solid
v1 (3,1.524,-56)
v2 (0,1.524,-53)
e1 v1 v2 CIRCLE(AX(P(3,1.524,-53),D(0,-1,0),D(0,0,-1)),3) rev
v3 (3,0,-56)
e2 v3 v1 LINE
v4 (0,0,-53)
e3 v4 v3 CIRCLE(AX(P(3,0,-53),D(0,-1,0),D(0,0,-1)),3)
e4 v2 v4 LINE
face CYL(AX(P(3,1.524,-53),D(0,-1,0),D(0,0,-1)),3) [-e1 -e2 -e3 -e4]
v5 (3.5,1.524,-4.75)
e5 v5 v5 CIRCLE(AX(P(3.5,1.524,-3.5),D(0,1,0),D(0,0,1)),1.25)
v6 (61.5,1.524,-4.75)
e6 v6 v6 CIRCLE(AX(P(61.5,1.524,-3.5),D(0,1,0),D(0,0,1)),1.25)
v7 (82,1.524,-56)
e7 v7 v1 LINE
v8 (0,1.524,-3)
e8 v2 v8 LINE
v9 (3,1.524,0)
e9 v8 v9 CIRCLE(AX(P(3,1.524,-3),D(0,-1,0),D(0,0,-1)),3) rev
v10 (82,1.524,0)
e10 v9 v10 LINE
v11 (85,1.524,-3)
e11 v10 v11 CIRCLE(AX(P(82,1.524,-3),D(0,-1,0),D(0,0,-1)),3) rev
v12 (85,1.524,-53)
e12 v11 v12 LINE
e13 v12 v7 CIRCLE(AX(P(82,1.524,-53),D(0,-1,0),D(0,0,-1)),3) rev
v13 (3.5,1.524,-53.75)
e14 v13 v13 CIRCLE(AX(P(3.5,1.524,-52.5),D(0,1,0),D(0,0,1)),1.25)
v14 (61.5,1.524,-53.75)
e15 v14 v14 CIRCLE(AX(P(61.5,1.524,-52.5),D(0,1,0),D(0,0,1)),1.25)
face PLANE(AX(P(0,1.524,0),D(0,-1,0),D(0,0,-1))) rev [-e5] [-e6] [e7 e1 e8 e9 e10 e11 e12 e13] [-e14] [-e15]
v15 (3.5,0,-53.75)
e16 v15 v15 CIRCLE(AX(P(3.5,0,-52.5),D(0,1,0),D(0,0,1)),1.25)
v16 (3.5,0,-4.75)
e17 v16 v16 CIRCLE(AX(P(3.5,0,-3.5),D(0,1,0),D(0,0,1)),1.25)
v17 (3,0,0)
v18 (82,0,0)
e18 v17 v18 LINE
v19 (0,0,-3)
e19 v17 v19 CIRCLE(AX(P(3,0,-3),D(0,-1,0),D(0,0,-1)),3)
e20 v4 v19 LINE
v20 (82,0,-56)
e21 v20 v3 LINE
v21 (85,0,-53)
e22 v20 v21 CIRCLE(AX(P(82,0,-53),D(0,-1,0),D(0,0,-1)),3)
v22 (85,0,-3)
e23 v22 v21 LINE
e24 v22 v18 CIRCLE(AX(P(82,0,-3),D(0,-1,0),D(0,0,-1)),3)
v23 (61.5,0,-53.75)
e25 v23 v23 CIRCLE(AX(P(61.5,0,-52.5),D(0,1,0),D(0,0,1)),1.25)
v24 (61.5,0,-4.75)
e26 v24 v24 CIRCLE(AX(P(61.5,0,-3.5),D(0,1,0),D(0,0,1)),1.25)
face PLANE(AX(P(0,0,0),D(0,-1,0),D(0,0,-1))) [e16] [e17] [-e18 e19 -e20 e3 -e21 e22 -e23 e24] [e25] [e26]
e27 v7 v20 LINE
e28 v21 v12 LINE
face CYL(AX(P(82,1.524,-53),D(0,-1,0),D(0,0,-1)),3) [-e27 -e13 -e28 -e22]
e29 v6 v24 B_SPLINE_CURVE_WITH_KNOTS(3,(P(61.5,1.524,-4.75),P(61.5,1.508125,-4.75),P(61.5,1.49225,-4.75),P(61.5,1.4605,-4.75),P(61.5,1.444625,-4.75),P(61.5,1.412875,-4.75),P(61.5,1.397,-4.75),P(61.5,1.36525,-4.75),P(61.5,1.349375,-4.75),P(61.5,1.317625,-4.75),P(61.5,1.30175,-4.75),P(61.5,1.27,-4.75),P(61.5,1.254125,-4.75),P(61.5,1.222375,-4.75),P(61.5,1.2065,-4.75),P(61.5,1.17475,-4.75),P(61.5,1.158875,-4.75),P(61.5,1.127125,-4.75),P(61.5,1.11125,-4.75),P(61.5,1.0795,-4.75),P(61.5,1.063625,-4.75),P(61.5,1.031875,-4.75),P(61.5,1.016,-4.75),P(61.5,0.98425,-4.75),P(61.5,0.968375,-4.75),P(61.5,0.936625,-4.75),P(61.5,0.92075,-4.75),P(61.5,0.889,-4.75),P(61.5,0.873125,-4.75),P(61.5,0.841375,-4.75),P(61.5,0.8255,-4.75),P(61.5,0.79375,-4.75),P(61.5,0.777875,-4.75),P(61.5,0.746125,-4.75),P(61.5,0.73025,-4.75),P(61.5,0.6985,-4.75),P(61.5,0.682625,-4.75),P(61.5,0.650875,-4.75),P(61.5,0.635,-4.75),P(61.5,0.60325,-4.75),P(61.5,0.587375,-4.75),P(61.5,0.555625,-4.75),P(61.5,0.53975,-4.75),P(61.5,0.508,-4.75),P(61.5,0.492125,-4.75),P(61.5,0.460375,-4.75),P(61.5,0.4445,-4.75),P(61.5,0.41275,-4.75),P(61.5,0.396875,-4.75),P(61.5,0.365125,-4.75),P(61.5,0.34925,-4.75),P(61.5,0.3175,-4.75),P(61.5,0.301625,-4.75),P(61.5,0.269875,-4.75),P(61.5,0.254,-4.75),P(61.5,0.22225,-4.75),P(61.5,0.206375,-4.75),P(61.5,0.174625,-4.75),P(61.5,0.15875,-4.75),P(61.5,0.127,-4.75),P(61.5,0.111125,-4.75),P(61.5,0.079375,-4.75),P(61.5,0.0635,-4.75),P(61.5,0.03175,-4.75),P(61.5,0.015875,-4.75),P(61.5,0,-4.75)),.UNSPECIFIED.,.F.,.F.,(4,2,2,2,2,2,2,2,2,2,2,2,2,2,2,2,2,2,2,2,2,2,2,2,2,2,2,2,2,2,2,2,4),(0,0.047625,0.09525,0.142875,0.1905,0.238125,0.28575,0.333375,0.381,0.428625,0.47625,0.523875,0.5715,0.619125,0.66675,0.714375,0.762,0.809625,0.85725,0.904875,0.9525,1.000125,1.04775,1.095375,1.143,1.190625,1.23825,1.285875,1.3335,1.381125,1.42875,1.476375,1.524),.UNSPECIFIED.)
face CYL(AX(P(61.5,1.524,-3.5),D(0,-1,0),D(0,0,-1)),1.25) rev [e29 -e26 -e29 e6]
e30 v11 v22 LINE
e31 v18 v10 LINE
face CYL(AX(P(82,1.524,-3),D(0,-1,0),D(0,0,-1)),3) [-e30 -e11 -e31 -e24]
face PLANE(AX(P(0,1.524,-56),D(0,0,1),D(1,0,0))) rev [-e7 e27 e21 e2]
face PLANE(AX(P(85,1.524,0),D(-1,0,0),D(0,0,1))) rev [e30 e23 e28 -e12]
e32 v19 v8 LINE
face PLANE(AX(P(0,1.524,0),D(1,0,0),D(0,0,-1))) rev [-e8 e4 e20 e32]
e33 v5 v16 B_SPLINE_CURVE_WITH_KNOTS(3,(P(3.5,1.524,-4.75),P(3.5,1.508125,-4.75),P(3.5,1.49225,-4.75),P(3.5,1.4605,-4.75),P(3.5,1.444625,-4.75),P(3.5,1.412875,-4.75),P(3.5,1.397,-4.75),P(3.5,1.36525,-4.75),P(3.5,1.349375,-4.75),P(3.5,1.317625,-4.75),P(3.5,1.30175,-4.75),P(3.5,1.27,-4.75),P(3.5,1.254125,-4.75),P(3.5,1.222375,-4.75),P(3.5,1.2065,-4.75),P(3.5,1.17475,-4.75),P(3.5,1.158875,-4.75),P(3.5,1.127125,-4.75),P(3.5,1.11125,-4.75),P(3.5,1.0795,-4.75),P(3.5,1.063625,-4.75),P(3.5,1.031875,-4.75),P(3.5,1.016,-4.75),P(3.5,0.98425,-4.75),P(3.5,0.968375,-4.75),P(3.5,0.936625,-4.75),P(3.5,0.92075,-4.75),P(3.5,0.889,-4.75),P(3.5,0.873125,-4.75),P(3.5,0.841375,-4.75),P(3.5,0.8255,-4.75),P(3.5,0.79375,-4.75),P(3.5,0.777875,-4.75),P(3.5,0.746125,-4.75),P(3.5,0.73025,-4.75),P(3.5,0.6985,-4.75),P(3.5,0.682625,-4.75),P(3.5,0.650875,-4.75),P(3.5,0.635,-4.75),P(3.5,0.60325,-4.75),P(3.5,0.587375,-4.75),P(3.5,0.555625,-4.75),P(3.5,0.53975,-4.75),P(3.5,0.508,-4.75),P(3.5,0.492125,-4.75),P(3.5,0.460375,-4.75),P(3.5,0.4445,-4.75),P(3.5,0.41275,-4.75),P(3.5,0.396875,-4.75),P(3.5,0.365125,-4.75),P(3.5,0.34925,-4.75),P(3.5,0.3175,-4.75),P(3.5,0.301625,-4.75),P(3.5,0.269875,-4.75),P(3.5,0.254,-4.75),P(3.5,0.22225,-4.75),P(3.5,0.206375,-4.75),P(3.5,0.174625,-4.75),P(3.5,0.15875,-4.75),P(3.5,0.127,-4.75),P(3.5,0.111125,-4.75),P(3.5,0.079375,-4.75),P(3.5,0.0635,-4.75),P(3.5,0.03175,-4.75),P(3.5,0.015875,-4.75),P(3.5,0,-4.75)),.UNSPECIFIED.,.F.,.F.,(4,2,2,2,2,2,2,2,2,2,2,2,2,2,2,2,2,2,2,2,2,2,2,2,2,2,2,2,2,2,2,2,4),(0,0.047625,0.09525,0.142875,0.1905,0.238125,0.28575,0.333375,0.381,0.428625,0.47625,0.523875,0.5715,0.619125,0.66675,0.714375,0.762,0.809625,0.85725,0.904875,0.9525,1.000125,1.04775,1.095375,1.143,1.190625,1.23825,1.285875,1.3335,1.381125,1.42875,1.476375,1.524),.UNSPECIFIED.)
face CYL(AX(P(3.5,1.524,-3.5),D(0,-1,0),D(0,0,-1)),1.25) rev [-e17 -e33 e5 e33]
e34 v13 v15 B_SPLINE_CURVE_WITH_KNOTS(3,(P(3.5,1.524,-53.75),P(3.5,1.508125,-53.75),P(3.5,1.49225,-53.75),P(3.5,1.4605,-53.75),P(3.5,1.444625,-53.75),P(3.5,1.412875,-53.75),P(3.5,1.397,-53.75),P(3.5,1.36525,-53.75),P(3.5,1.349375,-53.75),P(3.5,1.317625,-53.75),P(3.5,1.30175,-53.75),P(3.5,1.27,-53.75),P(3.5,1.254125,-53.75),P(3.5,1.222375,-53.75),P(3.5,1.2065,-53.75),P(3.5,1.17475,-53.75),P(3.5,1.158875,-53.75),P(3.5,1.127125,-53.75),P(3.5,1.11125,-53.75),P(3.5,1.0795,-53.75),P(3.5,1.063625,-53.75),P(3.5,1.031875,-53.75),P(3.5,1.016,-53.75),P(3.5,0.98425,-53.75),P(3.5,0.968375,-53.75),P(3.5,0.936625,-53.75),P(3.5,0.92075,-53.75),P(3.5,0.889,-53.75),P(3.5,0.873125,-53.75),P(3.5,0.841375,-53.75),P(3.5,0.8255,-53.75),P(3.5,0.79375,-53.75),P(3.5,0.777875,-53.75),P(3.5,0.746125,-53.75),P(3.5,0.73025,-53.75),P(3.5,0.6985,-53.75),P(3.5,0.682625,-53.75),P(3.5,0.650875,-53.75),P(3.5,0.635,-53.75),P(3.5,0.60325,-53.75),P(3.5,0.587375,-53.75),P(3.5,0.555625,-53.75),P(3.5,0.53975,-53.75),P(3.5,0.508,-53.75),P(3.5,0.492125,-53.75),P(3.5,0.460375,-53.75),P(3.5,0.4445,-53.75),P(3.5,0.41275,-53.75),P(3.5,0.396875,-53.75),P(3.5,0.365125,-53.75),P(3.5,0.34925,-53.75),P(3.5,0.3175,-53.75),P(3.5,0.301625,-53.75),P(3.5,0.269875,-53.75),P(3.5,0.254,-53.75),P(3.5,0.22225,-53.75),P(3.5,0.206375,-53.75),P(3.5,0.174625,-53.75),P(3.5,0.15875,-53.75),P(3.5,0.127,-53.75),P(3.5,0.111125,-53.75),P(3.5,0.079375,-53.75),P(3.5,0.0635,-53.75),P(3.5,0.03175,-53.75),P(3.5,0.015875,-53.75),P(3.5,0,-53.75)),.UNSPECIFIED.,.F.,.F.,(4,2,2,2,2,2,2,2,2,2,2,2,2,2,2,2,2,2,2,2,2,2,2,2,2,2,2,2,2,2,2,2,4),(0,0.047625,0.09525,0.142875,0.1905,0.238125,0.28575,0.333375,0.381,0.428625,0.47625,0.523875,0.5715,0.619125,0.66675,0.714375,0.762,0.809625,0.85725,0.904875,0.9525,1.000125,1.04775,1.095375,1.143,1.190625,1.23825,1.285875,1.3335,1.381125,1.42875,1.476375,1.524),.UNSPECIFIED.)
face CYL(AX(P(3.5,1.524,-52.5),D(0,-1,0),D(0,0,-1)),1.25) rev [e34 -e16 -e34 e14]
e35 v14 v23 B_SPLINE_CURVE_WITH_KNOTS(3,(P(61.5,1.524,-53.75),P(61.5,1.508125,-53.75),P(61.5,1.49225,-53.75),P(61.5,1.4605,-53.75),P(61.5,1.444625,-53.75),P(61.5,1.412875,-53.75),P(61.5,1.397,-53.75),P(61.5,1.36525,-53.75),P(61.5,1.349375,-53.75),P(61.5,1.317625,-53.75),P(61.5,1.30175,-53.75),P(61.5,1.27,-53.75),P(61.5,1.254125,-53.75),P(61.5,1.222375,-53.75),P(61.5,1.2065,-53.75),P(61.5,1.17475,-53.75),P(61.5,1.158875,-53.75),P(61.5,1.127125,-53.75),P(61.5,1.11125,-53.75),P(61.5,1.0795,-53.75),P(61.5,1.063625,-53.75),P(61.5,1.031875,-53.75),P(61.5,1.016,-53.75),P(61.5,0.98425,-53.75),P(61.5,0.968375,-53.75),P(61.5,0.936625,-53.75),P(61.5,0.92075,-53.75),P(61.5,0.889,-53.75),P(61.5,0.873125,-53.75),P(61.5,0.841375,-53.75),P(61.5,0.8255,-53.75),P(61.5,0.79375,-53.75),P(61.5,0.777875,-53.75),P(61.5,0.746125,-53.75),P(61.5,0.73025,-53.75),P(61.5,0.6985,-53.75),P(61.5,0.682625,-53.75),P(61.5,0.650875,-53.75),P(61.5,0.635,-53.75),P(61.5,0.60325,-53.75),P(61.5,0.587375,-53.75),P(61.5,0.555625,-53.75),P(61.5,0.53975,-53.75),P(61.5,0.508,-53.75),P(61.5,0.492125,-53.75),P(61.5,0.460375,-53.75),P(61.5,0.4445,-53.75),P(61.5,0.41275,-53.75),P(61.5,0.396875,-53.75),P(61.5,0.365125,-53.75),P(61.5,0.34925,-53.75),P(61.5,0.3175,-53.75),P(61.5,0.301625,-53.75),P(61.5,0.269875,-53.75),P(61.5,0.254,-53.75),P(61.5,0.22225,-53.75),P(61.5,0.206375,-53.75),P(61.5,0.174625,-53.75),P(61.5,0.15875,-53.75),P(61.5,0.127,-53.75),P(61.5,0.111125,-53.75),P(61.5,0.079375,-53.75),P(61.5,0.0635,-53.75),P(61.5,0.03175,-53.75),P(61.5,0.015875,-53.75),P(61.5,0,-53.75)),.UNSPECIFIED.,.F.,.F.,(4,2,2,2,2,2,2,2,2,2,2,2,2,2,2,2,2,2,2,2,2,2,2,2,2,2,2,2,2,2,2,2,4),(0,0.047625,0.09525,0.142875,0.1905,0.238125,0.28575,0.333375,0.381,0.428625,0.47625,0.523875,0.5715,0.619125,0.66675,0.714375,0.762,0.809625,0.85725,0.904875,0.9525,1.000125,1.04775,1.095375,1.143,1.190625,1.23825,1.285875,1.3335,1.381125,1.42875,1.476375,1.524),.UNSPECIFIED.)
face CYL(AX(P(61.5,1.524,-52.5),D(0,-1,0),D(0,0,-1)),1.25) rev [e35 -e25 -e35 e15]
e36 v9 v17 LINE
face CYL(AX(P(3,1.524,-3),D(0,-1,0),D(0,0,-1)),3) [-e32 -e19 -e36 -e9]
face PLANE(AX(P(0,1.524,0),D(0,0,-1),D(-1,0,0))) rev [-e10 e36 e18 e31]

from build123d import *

# Parameters (mm, degrees)
SKETCH1_W           = 85
SKETCH1_H           = 56
SKETCH1_R           = 1.25
BOSS_EXTRUDE1_DEPTH = 1.524
FILLET1_R           = 3


with BuildPart() as part:
    # Sketch1 → Boss-Extrude1 (new body)
    with BuildSketch(Plane(origin=(0, 0, 0), x_dir=(1, 0, 0), z_dir=(0, 1, 0))):
        with Locations((42.5, 28)):
            Rectangle(SKETCH1_W, SKETCH1_H)
        with Locations(Location((61.5, 52.5, 0), (0, 0, 90))):
            Circle(SKETCH1_R, mode=Mode.SUBTRACT)
        with Locations(Location((61.5, 3.5, 0), (0, 0, 90))):
            Circle(SKETCH1_R, mode=Mode.SUBTRACT)
        with Locations(Location((3.5, 3.5, 0), (0, 0, 90))):
            Circle(SKETCH1_R, mode=Mode.SUBTRACT)
        with Locations(Location((3.5, 52.5, 0), (0, 0, 90))):
            Circle(SKETCH1_R, mode=Mode.SUBTRACT)
    extrude(amount=BOSS_EXTRUDE1_DEPTH)

    # Fillet1
    fillet1_edges = [part.edges().sort_by_distance(p)[0] for p in [
        (0, 0.762, -56),
        (85, 0.762, -56),
        (85, 0.762, 0),
        (0, 0.762, 0),
    ]]
    fillet(fillet1_edges, radius=FILLET1_R)


solid = part.part
